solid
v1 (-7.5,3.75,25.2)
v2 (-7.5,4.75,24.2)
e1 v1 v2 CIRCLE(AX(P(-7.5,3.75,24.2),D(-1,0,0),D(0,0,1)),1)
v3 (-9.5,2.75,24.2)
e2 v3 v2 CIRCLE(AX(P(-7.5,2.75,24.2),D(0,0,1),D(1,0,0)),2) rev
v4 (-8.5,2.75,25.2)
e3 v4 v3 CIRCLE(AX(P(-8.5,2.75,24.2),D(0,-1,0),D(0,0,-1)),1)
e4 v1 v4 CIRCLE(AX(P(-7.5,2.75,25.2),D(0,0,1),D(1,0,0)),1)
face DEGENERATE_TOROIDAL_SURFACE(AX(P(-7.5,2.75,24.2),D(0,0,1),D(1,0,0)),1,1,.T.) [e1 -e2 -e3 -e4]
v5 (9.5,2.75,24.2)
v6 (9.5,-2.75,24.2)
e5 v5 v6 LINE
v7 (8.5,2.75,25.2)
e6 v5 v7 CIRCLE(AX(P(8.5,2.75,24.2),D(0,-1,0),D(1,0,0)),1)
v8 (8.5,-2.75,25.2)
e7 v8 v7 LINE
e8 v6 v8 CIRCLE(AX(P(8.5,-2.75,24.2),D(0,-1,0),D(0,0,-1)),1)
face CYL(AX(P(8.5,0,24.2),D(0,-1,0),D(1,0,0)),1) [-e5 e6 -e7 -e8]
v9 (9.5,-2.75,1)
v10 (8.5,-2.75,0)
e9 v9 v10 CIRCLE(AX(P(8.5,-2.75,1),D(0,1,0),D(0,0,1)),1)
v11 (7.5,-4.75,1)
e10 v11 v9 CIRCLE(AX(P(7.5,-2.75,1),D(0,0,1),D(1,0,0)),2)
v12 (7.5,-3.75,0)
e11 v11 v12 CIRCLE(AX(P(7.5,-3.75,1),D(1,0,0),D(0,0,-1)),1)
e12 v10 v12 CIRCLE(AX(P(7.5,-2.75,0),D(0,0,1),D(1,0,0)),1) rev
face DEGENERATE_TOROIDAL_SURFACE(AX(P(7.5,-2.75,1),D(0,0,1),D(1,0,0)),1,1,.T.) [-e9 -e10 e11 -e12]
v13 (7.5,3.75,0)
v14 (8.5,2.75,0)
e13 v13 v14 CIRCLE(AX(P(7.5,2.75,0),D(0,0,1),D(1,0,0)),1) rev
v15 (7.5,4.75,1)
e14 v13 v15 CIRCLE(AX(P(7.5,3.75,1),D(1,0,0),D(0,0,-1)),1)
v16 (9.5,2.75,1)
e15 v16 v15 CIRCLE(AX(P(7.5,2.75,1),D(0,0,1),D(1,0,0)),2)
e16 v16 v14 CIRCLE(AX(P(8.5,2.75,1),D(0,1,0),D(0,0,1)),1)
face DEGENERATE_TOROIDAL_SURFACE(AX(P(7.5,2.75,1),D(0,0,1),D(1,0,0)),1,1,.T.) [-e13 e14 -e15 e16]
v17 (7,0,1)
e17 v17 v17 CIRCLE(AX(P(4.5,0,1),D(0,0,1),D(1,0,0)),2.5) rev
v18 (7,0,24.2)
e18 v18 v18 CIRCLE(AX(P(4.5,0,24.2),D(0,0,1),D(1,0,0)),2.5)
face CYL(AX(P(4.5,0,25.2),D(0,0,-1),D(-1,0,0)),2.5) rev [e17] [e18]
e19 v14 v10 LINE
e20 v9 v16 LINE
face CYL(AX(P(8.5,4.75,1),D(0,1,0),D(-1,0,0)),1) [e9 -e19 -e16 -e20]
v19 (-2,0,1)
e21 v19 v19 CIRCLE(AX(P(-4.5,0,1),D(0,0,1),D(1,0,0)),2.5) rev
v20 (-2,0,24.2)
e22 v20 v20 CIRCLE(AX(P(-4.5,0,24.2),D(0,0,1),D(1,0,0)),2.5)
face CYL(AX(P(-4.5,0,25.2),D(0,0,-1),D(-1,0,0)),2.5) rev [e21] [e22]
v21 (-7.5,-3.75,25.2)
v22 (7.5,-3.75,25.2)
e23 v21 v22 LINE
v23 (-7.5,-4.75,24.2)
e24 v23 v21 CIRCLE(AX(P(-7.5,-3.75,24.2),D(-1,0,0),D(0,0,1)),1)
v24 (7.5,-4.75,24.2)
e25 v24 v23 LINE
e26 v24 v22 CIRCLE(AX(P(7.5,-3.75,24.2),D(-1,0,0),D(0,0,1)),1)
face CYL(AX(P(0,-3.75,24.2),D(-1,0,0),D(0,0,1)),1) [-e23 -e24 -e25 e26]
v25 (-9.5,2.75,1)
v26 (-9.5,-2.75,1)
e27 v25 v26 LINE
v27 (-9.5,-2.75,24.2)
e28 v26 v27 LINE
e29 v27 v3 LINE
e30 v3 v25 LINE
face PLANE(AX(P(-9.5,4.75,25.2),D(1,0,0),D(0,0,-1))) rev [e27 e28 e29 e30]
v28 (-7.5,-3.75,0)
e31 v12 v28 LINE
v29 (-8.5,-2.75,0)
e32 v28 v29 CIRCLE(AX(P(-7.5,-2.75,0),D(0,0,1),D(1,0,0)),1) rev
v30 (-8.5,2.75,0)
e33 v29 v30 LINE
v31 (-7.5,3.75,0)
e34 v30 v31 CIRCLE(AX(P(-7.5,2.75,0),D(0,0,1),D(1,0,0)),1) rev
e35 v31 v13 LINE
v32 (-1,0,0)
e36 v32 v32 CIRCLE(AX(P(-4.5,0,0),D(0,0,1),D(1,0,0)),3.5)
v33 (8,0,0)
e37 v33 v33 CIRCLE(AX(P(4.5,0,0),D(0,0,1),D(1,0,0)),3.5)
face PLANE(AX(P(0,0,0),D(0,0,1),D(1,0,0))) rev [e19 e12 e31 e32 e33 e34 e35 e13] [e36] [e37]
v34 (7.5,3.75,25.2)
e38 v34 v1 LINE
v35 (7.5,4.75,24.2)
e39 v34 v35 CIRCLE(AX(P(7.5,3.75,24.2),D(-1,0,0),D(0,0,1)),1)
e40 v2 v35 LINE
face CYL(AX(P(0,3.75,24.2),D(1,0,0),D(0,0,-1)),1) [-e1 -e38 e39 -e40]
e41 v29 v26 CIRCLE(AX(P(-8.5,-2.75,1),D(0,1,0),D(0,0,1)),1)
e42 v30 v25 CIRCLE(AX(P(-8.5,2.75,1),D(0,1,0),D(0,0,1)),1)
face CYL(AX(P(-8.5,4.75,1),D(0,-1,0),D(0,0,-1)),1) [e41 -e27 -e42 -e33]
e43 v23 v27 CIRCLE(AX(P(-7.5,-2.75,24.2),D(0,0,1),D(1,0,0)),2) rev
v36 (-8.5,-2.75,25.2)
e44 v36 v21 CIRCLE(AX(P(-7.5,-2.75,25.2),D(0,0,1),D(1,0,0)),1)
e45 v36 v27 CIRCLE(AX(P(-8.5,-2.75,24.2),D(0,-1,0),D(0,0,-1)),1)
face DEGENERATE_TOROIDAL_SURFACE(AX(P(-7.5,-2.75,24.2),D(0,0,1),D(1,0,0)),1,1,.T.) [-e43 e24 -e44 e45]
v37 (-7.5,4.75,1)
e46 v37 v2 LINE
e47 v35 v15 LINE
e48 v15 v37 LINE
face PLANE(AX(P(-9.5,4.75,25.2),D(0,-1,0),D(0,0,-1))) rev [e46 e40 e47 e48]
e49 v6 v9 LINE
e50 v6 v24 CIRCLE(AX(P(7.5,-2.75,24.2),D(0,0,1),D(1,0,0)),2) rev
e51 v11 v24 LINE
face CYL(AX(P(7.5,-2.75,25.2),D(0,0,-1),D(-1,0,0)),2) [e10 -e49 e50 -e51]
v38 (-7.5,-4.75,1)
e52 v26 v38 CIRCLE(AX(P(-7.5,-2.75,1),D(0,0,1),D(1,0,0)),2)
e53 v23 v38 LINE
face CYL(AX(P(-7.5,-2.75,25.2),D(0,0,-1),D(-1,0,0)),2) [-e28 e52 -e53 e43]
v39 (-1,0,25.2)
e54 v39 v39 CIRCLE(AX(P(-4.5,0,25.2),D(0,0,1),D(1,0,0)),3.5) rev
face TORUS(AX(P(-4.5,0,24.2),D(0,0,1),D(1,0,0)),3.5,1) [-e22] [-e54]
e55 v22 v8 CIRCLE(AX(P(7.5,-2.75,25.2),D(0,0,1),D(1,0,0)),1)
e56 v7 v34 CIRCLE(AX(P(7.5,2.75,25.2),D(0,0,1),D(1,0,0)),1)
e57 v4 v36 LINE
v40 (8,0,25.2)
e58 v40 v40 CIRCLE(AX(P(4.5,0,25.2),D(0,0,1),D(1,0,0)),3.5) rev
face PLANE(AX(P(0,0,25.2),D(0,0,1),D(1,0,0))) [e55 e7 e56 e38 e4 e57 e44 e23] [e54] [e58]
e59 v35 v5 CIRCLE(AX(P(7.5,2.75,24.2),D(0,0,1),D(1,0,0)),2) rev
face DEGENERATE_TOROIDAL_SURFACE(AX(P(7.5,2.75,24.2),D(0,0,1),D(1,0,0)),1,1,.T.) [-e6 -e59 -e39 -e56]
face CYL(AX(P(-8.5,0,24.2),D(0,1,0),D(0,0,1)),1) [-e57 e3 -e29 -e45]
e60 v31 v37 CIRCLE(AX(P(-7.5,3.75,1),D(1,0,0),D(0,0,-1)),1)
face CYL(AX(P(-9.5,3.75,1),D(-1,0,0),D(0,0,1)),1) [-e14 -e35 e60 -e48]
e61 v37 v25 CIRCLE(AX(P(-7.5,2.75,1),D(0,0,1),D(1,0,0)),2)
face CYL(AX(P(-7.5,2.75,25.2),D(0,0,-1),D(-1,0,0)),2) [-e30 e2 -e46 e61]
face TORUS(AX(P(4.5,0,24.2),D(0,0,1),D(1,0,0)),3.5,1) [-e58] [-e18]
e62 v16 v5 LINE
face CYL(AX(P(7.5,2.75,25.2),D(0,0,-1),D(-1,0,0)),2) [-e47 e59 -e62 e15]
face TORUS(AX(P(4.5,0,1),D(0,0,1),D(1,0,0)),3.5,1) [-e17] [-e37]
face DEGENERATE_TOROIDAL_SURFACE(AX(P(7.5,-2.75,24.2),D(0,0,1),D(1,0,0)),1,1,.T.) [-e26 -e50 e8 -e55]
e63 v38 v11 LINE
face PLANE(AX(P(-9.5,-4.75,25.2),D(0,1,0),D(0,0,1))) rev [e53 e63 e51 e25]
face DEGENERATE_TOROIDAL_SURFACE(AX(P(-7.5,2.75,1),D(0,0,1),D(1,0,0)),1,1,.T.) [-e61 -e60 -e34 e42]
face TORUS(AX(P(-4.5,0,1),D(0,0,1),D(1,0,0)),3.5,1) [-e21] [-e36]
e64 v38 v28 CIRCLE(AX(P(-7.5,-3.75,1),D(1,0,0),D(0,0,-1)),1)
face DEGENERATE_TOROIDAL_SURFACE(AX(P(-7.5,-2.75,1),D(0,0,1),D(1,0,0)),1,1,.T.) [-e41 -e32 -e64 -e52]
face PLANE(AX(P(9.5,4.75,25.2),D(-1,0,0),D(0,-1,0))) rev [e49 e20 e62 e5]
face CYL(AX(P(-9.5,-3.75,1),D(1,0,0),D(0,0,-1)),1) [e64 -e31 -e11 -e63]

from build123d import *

# Parameters (mm, degrees)
SKETCH_1_W      = 19
SKETCH_1_H      = 9.5
SKETCH_1_R      = 2.5
EXTRUDE_1_DEPTH = 25.2
FILLET_1_R      = 2
FILLET_2_R      = 1
FILLET_3_R      = 1


with BuildPart() as part:
    # Эскиз1 → Бобышка-Вытянуть1 (new body)
    with BuildSketch(Plane.XY):
        Rectangle(SKETCH_1_W, SKETCH_1_H)
        with Locations((-4.5, 0)):
            Circle(SKETCH_1_R, mode=Mode.SUBTRACT)
        with Locations((4.5, 0)):
            Circle(SKETCH_1_R, mode=Mode.SUBTRACT)
    extrude(amount=EXTRUDE_1_DEPTH)

    # Скругление1
    fillet_1_edges = [part.edges().sort_by_distance(p)[0] for p in [
        (9.5, -4.75, 12.6),
        (-9.5, -4.75, 12.6),
        (-9.5, 4.75, 12.6),
        (9.5, 4.75, 12.6),
    ]]
    fillet(fillet_1_edges, radius=FILLET_1_R)

    # Скругление2
    fillet_2_edges = [part.edges().sort_by_distance(p)[0] for p in [
        (-7, 0, 25.2),
        (2, 0, 25.2),
        (9.5, 0, 25.2),
        (0, -4.75, 25.2),
        (0, 4.75, 25.2),
        (-9.5, 0, 25.2),
        (-8.914213562, 4.164213562, 25.2),
        (-8.914213562, -4.164213562, 25.2),
        (8.914213562, 4.164213562, 25.2),
        (8.914213562, -4.164213562, 25.2),
    ]]
    fillet(fillet_2_edges, radius=FILLET_2_R)

    # Скругление3
    fillet_3_edges = [part.edges().sort_by_distance(p)[0] for p in [
        (-7, 0, 0),
        (2, 0, 0),
        (9.5, 0, 0),
        (0, -4.75, 0),
        (-9.5, 0, 0),
        (0, 4.75, 0),
        (-8.914213562, 4.164213562, 0),
        (-8.914213562, -4.164213562, 0),
        (8.914213562, 4.164213562, 0),
        (8.914213562, -4.164213562, 0),
    ]]
    fillet(fillet_3_edges, radius=FILLET_3_R)


solid = part.part
